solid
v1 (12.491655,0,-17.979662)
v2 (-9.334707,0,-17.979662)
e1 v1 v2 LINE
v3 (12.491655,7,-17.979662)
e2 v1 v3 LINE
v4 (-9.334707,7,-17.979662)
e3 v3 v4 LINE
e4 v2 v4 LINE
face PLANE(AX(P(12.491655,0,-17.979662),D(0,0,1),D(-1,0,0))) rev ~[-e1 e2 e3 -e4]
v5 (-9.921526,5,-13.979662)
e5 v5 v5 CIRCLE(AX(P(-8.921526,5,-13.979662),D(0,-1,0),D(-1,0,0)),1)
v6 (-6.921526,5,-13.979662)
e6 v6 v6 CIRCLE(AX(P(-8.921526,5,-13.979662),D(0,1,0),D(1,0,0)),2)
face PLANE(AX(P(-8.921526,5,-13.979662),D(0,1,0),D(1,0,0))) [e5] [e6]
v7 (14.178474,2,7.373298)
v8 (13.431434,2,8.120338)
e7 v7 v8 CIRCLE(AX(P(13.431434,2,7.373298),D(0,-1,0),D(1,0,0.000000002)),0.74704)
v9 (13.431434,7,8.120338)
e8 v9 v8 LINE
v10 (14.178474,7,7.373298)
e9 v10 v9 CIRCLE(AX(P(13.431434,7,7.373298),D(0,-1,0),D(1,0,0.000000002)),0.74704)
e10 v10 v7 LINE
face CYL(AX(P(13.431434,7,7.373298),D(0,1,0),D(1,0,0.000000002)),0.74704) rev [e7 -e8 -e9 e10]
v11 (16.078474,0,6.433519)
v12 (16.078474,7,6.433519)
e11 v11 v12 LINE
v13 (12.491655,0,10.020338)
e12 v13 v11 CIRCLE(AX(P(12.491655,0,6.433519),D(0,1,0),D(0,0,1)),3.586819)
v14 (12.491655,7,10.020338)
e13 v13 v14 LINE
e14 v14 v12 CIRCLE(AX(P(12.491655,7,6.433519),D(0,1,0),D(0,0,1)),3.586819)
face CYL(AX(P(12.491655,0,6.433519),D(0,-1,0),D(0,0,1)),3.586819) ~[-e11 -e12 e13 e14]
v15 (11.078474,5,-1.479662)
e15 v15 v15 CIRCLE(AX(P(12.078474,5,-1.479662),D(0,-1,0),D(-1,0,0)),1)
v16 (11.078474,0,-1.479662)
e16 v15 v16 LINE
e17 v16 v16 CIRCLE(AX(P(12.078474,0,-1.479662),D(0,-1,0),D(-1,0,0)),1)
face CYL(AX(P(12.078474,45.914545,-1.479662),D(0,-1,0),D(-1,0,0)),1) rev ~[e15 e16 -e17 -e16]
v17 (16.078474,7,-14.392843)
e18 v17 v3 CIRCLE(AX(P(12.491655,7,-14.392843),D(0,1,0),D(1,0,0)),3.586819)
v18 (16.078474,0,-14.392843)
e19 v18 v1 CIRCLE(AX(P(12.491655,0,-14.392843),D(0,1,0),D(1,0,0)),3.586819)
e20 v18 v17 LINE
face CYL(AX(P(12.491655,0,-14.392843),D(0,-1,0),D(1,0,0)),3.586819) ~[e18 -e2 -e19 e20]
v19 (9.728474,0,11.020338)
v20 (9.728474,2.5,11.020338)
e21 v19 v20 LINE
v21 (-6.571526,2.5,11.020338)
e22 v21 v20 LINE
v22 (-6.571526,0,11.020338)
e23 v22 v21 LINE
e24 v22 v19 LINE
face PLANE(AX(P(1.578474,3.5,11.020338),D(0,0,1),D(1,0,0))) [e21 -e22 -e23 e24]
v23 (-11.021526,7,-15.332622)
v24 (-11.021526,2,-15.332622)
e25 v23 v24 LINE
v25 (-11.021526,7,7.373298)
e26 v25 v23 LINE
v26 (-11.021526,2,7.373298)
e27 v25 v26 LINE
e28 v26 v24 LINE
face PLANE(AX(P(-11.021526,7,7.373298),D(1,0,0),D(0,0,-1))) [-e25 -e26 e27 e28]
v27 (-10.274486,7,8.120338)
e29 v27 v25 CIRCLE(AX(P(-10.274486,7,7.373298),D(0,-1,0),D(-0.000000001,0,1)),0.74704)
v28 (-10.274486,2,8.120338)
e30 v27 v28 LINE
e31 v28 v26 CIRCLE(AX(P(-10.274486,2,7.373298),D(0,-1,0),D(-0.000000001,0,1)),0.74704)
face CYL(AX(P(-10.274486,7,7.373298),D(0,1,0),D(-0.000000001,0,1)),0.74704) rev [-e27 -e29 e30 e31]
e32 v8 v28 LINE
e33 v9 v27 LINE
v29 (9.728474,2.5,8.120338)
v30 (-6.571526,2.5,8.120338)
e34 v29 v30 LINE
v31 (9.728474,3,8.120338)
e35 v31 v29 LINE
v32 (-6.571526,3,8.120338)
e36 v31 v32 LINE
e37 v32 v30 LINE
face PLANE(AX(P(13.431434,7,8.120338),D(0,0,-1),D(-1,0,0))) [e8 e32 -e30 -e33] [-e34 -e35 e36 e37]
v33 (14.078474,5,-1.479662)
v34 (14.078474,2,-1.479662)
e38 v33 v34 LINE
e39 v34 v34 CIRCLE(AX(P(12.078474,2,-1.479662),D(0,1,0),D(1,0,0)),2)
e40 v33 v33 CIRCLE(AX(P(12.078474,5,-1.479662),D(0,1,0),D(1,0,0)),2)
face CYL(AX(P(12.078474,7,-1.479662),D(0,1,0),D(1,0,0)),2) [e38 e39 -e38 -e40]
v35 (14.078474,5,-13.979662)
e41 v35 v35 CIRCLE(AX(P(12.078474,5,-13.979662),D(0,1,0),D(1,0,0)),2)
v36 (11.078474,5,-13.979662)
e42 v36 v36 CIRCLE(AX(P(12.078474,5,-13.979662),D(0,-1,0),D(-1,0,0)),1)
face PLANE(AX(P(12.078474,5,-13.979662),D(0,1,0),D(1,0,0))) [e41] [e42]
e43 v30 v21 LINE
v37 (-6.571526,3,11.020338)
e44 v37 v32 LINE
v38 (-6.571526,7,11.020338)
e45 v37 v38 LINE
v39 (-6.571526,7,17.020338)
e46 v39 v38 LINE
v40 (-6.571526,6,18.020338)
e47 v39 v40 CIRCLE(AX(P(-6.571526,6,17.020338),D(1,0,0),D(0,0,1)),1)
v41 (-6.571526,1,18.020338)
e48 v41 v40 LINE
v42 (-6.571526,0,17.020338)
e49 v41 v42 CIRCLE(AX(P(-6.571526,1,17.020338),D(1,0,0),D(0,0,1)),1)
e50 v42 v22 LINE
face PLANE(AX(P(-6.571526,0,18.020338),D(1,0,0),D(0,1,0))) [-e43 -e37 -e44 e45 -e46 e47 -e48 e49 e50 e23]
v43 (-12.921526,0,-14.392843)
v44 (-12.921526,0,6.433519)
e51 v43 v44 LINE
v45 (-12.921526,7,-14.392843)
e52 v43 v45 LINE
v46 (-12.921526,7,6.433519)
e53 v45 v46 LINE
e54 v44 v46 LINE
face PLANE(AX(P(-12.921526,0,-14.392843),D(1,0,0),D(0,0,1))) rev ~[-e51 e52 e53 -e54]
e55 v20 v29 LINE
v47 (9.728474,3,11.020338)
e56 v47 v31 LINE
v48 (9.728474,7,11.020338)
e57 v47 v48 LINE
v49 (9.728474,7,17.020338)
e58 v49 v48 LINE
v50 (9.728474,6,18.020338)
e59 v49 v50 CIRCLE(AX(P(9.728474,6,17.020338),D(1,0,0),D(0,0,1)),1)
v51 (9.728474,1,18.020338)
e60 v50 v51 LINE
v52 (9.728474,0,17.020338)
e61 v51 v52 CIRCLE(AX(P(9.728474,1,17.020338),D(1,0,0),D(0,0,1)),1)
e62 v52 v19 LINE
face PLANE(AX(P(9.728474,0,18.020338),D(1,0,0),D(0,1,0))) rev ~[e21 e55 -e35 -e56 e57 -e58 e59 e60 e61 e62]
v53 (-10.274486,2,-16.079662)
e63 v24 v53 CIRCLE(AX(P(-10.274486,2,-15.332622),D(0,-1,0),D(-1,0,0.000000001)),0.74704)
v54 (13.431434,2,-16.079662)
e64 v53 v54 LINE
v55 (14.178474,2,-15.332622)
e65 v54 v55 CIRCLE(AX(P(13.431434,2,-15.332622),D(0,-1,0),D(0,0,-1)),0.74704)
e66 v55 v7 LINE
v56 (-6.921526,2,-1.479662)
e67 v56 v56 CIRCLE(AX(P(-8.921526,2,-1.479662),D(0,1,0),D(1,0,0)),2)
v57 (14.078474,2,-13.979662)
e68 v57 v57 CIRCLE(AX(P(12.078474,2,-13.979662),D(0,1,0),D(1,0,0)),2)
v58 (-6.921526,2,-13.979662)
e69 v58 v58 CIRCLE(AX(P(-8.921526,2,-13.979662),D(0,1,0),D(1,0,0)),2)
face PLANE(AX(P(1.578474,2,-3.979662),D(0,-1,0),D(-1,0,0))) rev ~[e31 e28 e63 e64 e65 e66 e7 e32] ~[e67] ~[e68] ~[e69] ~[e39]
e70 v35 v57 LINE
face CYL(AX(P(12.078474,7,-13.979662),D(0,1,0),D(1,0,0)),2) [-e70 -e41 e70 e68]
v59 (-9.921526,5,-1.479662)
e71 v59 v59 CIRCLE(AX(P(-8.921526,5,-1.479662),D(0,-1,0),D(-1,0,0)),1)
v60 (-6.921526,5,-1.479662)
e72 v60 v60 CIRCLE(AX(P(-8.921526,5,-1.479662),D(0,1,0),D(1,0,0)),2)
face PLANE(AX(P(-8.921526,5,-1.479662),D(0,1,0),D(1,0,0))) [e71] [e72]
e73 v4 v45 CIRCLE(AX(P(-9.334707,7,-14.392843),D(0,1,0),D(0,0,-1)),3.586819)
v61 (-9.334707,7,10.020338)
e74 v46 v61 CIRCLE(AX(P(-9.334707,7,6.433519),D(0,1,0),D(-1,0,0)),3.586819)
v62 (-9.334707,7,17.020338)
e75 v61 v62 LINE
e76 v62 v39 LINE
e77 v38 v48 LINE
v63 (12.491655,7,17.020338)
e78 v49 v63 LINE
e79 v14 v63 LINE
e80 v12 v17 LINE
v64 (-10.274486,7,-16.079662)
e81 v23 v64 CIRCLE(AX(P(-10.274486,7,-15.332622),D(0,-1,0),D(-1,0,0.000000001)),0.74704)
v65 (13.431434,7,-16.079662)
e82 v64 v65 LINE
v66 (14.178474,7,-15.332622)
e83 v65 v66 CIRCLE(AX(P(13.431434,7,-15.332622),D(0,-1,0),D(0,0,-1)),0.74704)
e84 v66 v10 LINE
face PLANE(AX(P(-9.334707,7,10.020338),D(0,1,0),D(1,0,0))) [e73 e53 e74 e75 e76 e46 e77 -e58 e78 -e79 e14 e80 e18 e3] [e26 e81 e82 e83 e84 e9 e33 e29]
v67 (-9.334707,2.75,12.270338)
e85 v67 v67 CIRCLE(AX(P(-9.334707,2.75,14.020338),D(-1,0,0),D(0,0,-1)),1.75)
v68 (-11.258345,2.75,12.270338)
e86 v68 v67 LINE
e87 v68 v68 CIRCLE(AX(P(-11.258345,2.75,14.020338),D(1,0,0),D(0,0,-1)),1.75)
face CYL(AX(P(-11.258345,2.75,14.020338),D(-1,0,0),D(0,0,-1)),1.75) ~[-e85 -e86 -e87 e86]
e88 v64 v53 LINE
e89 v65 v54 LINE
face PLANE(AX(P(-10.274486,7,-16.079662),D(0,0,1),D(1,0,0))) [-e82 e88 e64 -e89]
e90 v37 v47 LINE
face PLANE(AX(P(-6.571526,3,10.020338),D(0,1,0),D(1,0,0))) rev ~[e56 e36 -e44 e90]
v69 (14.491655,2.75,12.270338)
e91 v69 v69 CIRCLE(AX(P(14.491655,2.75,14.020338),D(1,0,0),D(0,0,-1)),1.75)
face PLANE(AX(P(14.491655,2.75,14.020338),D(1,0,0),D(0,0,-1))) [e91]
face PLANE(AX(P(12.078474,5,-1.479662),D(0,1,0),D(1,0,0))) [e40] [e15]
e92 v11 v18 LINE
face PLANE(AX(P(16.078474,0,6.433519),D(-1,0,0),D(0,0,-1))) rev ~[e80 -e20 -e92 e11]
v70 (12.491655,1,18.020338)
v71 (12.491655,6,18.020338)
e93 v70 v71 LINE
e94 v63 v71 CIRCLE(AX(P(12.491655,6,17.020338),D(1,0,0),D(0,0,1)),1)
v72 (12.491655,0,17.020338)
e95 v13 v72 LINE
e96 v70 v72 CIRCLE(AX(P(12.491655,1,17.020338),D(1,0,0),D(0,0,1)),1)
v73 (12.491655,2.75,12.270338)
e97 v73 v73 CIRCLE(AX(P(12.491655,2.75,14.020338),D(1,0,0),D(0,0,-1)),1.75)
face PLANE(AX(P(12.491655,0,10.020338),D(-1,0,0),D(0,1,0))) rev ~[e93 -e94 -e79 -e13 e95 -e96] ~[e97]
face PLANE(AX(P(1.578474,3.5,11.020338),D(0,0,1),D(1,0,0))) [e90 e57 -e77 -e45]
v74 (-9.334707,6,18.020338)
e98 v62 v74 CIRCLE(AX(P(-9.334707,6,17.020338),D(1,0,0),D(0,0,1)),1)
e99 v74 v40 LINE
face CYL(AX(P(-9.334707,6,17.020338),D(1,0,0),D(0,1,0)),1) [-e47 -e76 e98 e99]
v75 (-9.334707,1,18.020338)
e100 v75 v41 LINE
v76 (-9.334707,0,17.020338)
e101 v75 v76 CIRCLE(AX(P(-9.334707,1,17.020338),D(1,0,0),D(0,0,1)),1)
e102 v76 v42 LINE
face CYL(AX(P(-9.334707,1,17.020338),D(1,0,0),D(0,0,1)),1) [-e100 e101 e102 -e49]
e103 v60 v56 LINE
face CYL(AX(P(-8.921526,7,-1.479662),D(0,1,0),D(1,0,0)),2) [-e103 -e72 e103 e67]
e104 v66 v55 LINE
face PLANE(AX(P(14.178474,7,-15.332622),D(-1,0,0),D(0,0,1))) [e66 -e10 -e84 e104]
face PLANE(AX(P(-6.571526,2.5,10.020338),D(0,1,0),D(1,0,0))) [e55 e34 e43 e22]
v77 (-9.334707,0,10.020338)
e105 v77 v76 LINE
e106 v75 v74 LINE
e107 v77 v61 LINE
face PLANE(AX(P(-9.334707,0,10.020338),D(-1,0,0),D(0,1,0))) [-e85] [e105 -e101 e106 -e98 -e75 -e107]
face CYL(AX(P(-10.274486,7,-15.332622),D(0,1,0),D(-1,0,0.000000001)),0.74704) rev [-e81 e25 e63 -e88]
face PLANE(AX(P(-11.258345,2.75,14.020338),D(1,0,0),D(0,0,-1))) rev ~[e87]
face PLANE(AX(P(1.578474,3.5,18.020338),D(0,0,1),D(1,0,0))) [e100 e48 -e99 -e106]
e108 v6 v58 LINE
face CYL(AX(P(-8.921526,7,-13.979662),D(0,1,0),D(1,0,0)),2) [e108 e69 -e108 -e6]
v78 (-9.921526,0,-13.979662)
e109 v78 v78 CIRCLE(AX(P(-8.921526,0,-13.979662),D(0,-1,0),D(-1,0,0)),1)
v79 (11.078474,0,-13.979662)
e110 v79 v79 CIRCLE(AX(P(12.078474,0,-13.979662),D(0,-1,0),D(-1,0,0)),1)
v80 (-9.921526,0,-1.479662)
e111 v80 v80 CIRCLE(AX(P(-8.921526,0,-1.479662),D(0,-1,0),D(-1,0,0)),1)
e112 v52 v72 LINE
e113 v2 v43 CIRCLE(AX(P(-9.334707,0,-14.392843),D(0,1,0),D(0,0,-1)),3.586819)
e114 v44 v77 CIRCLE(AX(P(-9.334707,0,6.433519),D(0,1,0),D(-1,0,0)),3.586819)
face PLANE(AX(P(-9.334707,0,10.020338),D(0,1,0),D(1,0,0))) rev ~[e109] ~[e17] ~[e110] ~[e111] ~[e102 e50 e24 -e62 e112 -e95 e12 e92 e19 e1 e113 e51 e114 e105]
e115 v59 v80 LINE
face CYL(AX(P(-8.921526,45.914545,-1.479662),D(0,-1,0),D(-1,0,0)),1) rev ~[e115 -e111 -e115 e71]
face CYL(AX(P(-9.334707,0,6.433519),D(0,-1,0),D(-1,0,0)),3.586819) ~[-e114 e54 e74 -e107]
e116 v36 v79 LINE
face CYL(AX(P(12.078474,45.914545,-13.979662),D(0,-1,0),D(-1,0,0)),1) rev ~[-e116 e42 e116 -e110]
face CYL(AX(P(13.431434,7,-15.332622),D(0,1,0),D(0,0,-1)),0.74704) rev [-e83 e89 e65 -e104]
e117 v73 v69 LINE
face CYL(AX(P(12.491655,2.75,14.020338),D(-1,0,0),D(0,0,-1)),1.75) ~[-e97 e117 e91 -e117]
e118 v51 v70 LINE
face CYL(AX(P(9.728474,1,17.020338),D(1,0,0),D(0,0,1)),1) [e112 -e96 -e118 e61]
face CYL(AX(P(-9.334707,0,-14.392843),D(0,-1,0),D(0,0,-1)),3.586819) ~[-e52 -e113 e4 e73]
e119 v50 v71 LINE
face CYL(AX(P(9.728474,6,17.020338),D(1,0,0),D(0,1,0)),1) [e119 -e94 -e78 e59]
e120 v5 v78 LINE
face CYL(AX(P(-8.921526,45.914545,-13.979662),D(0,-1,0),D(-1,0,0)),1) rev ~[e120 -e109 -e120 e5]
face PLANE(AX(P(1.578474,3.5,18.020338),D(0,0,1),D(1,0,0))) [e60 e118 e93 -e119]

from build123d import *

# Parameters (mm, degrees)
BOSS_EXTRUDE1_DEPTH   = 7
SKETCH2_R             = 2
CUT_EXTRUDE2_DEPTH    = 5
SKETCH3_R             = 2
CUT_EXTRUDE3_DEPTH    = 2
SKETCH4_W             = 16.3
SKETCH4_H             = 0.5
CUT_EXTRUDE4_DEPTH    = 2
F_2_0MM_DOWEL_HOLE1_D = 2
SKETCH8_W             = 21.826362025
SKETCH8_H             = 7
SKETCH8_W_2           = 16.3
SKETCH8_H_2           = 0.5
BOSS_EXTRUDE2_DEPTH   = 8
SKETCH9_R             = 1.75
BOSS_EXTRUDE3_DEPTH   = 2
LPATTERN4_COUNT       = 2
LPATTERN4_PITCH       = 23.75
SKETCH10_W            = 16.3
SKETCH10_H            = 7
CUT_EXTRUDE5_DEPTH    = 7
FILLET1_R             = 1


with BuildPart() as part:
    # Sketch1 → Boss-Extrude1 (new body)
    with BuildSketch(Plane(origin=(0, 0, 0), x_dir=(1, 0, 0), z_dir=(0, 1, 0))):
        with BuildLine():
            Line((-12.921525848, 14.392842997), (-12.921525848, -6.433519028))
            ThreePointArc((-12.921525848, -6.433519028), (-11.87097089, -8.969783057), (-9.334706861, -10.020338016))
            Line((-9.334706861, -10.020338016), (12.491655164, -10.020338016))
            ThreePointArc((12.491655164, -10.020338016), (15.027919193, -8.969783057), (16.078474152, -6.433519028))
            Line((16.078474152, -6.433519028), (16.078474152, 14.392842997))
            ThreePointArc((16.078474152, 14.392842997), (15.027919193, 16.929107026), (12.491655164, 17.979661984))
            Line((12.491655164, 17.979661984), (-9.334706861, 17.979661984))
            ThreePointArc((-9.334706861, 17.979661984), (-11.87097089, 16.929107026), (-12.921525848, 14.392842997))
        make_face()
    extrude(amount=BOSS_EXTRUDE1_DEPTH)

    # Sketch2 → Cut-Extrude2 (cut)
    with BuildSketch(Plane(origin=(0, 7, 0), x_dir=(1, 0, 0), z_dir=(0, 1, 0))):
        with BuildLine():
            Line((-10.27448552, 16.079661984), (13.431433823, 16.079661984))
            ThreePointArc((13.431433823, 16.079661984), (13.959671105, 15.860858938), (14.178474152, 15.332621656))
            Line((14.178474152, 15.332621656), (14.178474152, -7.373297687))
            ThreePointArc((14.178474152, -7.373297687), (13.959671105, -7.901534969), (13.431433823, -8.120338016))
            Line((13.431433823, -8.120338016), (-10.27448552, -8.120338016))
            ThreePointArc((-10.27448552, -8.120338016), (-10.802722802, -7.901534969), (-11.021525848, -7.373297687))
            Line((-11.021525848, -7.373297687), (-11.021525848, 15.332621656))
            ThreePointArc((-11.021525848, 15.332621656), (-10.802722802, 15.860858938), (-10.27448552, 16.079661984))
        make_face()
        with Locations((-8.921525848, 13.979661984)):
            Circle(SKETCH2_R, mode=Mode.SUBTRACT)
        with Locations((12.078474152, 13.979661984)):
            Circle(SKETCH2_R, mode=Mode.SUBTRACT)
        with Locations((-8.921525848, 1.479661984)):
            Circle(SKETCH2_R, mode=Mode.SUBTRACT)
        with Locations((12.078474152, 1.479661984)):
            Circle(SKETCH2_R, mode=Mode.SUBTRACT)
    extrude(amount=-CUT_EXTRUDE2_DEPTH, mode=Mode.SUBTRACT)

    # Sketch3 → Cut-Extrude3 (cut)
    with BuildSketch(Plane(origin=(0, 7, 0), x_dir=(1, 0, 0), z_dir=(0, 1, 0))):
        with Locations((12.078474152, 13.979661984)):
            Circle(SKETCH3_R)
        with Locations((12.078474152, 1.479661984)):
            Circle(SKETCH3_R)
        with Locations((-8.921525848, 13.979661984)):
            Circle(SKETCH3_R)
        with Locations((-8.921525848, 1.479661984)):
            Circle(SKETCH3_R)
    extrude(amount=-CUT_EXTRUDE3_DEPTH, mode=Mode.SUBTRACT)

    # Sketch4 → Cut-Extrude4 (cut)
    with BuildSketch(Plane.XY.offset(10.020338016)):
        with Locations((1.578474152, 2.75)):
            Rectangle(SKETCH4_W, SKETCH4_H)
    extrude(amount=-CUT_EXTRUDE4_DEPTH, mode=Mode.SUBTRACT)

    # Ø2.0mm Dowel Hole1 (through all)
    with Locations(Plane(origin=(0, 5, 0), x_dir=(1, 0, 0), z_dir=(0, 1, 0))):
        with Locations((12.078474152, 1.479661984), (12.078474152, 13.979661984), (-8.921525848, 1.479661984), (-8.921525848, 13.979661984)):
            Hole(F_2_0MM_DOWEL_HOLE1_D / 2)

    # Sketch8 → Boss-Extrude2 (add)
    with BuildSketch(Plane.XY.offset(10.020338016)):
        with Locations((1.578474152, 3.5)):
            Rectangle(SKETCH8_W, SKETCH8_H)
        with Locations((1.578474152, 2.75)):
            Rectangle(SKETCH8_W_2, SKETCH8_H_2, mode=Mode.SUBTRACT)
    extrude(amount=BOSS_EXTRUDE2_DEPTH)

    # Sketch9 → Boss-Extrude3 (add)
    with BuildSketch(Plane(origin=(12.491655164, 0, 0), x_dir=(0, 0, -1), z_dir=(1, 0, 0))):
        with Locations((-14.020338016, 2.75)):
            Circle(SKETCH9_R)
    boss_extrude3 = extrude(amount=BOSS_EXTRUDE3_DEPTH)

    # LPattern4: Boss-Extrude3 ×2
    with Locations(*[(-i * LPATTERN4_PITCH, 0, 0) for i in range(1, LPATTERN4_COUNT)]):
        add(boss_extrude3)

    # Sketch10 → Cut-Extrude5 (cut)
    with BuildSketch(Plane.XY.offset(18.020338016)):
        with Locations((1.578474152, 3.5)):
            Rectangle(SKETCH10_W, SKETCH10_H)
    extrude(amount=-CUT_EXTRUDE5_DEPTH, mode=Mode.SUBTRACT)

    # Fillet1
    fillet1_edges = [part.edges().sort_by_distance(p)[0] for p in [
        (-7.953116354, 0, 18.020338016),
        (11.110064658, 7, 18.020338016),
        (11.110064658, 0, 18.020338016),
        (-7.953116354, 7, 18.020338016),
    ]]
    fillet(fillet1_edges, radius=FILLET1_R)


solid = part.part
